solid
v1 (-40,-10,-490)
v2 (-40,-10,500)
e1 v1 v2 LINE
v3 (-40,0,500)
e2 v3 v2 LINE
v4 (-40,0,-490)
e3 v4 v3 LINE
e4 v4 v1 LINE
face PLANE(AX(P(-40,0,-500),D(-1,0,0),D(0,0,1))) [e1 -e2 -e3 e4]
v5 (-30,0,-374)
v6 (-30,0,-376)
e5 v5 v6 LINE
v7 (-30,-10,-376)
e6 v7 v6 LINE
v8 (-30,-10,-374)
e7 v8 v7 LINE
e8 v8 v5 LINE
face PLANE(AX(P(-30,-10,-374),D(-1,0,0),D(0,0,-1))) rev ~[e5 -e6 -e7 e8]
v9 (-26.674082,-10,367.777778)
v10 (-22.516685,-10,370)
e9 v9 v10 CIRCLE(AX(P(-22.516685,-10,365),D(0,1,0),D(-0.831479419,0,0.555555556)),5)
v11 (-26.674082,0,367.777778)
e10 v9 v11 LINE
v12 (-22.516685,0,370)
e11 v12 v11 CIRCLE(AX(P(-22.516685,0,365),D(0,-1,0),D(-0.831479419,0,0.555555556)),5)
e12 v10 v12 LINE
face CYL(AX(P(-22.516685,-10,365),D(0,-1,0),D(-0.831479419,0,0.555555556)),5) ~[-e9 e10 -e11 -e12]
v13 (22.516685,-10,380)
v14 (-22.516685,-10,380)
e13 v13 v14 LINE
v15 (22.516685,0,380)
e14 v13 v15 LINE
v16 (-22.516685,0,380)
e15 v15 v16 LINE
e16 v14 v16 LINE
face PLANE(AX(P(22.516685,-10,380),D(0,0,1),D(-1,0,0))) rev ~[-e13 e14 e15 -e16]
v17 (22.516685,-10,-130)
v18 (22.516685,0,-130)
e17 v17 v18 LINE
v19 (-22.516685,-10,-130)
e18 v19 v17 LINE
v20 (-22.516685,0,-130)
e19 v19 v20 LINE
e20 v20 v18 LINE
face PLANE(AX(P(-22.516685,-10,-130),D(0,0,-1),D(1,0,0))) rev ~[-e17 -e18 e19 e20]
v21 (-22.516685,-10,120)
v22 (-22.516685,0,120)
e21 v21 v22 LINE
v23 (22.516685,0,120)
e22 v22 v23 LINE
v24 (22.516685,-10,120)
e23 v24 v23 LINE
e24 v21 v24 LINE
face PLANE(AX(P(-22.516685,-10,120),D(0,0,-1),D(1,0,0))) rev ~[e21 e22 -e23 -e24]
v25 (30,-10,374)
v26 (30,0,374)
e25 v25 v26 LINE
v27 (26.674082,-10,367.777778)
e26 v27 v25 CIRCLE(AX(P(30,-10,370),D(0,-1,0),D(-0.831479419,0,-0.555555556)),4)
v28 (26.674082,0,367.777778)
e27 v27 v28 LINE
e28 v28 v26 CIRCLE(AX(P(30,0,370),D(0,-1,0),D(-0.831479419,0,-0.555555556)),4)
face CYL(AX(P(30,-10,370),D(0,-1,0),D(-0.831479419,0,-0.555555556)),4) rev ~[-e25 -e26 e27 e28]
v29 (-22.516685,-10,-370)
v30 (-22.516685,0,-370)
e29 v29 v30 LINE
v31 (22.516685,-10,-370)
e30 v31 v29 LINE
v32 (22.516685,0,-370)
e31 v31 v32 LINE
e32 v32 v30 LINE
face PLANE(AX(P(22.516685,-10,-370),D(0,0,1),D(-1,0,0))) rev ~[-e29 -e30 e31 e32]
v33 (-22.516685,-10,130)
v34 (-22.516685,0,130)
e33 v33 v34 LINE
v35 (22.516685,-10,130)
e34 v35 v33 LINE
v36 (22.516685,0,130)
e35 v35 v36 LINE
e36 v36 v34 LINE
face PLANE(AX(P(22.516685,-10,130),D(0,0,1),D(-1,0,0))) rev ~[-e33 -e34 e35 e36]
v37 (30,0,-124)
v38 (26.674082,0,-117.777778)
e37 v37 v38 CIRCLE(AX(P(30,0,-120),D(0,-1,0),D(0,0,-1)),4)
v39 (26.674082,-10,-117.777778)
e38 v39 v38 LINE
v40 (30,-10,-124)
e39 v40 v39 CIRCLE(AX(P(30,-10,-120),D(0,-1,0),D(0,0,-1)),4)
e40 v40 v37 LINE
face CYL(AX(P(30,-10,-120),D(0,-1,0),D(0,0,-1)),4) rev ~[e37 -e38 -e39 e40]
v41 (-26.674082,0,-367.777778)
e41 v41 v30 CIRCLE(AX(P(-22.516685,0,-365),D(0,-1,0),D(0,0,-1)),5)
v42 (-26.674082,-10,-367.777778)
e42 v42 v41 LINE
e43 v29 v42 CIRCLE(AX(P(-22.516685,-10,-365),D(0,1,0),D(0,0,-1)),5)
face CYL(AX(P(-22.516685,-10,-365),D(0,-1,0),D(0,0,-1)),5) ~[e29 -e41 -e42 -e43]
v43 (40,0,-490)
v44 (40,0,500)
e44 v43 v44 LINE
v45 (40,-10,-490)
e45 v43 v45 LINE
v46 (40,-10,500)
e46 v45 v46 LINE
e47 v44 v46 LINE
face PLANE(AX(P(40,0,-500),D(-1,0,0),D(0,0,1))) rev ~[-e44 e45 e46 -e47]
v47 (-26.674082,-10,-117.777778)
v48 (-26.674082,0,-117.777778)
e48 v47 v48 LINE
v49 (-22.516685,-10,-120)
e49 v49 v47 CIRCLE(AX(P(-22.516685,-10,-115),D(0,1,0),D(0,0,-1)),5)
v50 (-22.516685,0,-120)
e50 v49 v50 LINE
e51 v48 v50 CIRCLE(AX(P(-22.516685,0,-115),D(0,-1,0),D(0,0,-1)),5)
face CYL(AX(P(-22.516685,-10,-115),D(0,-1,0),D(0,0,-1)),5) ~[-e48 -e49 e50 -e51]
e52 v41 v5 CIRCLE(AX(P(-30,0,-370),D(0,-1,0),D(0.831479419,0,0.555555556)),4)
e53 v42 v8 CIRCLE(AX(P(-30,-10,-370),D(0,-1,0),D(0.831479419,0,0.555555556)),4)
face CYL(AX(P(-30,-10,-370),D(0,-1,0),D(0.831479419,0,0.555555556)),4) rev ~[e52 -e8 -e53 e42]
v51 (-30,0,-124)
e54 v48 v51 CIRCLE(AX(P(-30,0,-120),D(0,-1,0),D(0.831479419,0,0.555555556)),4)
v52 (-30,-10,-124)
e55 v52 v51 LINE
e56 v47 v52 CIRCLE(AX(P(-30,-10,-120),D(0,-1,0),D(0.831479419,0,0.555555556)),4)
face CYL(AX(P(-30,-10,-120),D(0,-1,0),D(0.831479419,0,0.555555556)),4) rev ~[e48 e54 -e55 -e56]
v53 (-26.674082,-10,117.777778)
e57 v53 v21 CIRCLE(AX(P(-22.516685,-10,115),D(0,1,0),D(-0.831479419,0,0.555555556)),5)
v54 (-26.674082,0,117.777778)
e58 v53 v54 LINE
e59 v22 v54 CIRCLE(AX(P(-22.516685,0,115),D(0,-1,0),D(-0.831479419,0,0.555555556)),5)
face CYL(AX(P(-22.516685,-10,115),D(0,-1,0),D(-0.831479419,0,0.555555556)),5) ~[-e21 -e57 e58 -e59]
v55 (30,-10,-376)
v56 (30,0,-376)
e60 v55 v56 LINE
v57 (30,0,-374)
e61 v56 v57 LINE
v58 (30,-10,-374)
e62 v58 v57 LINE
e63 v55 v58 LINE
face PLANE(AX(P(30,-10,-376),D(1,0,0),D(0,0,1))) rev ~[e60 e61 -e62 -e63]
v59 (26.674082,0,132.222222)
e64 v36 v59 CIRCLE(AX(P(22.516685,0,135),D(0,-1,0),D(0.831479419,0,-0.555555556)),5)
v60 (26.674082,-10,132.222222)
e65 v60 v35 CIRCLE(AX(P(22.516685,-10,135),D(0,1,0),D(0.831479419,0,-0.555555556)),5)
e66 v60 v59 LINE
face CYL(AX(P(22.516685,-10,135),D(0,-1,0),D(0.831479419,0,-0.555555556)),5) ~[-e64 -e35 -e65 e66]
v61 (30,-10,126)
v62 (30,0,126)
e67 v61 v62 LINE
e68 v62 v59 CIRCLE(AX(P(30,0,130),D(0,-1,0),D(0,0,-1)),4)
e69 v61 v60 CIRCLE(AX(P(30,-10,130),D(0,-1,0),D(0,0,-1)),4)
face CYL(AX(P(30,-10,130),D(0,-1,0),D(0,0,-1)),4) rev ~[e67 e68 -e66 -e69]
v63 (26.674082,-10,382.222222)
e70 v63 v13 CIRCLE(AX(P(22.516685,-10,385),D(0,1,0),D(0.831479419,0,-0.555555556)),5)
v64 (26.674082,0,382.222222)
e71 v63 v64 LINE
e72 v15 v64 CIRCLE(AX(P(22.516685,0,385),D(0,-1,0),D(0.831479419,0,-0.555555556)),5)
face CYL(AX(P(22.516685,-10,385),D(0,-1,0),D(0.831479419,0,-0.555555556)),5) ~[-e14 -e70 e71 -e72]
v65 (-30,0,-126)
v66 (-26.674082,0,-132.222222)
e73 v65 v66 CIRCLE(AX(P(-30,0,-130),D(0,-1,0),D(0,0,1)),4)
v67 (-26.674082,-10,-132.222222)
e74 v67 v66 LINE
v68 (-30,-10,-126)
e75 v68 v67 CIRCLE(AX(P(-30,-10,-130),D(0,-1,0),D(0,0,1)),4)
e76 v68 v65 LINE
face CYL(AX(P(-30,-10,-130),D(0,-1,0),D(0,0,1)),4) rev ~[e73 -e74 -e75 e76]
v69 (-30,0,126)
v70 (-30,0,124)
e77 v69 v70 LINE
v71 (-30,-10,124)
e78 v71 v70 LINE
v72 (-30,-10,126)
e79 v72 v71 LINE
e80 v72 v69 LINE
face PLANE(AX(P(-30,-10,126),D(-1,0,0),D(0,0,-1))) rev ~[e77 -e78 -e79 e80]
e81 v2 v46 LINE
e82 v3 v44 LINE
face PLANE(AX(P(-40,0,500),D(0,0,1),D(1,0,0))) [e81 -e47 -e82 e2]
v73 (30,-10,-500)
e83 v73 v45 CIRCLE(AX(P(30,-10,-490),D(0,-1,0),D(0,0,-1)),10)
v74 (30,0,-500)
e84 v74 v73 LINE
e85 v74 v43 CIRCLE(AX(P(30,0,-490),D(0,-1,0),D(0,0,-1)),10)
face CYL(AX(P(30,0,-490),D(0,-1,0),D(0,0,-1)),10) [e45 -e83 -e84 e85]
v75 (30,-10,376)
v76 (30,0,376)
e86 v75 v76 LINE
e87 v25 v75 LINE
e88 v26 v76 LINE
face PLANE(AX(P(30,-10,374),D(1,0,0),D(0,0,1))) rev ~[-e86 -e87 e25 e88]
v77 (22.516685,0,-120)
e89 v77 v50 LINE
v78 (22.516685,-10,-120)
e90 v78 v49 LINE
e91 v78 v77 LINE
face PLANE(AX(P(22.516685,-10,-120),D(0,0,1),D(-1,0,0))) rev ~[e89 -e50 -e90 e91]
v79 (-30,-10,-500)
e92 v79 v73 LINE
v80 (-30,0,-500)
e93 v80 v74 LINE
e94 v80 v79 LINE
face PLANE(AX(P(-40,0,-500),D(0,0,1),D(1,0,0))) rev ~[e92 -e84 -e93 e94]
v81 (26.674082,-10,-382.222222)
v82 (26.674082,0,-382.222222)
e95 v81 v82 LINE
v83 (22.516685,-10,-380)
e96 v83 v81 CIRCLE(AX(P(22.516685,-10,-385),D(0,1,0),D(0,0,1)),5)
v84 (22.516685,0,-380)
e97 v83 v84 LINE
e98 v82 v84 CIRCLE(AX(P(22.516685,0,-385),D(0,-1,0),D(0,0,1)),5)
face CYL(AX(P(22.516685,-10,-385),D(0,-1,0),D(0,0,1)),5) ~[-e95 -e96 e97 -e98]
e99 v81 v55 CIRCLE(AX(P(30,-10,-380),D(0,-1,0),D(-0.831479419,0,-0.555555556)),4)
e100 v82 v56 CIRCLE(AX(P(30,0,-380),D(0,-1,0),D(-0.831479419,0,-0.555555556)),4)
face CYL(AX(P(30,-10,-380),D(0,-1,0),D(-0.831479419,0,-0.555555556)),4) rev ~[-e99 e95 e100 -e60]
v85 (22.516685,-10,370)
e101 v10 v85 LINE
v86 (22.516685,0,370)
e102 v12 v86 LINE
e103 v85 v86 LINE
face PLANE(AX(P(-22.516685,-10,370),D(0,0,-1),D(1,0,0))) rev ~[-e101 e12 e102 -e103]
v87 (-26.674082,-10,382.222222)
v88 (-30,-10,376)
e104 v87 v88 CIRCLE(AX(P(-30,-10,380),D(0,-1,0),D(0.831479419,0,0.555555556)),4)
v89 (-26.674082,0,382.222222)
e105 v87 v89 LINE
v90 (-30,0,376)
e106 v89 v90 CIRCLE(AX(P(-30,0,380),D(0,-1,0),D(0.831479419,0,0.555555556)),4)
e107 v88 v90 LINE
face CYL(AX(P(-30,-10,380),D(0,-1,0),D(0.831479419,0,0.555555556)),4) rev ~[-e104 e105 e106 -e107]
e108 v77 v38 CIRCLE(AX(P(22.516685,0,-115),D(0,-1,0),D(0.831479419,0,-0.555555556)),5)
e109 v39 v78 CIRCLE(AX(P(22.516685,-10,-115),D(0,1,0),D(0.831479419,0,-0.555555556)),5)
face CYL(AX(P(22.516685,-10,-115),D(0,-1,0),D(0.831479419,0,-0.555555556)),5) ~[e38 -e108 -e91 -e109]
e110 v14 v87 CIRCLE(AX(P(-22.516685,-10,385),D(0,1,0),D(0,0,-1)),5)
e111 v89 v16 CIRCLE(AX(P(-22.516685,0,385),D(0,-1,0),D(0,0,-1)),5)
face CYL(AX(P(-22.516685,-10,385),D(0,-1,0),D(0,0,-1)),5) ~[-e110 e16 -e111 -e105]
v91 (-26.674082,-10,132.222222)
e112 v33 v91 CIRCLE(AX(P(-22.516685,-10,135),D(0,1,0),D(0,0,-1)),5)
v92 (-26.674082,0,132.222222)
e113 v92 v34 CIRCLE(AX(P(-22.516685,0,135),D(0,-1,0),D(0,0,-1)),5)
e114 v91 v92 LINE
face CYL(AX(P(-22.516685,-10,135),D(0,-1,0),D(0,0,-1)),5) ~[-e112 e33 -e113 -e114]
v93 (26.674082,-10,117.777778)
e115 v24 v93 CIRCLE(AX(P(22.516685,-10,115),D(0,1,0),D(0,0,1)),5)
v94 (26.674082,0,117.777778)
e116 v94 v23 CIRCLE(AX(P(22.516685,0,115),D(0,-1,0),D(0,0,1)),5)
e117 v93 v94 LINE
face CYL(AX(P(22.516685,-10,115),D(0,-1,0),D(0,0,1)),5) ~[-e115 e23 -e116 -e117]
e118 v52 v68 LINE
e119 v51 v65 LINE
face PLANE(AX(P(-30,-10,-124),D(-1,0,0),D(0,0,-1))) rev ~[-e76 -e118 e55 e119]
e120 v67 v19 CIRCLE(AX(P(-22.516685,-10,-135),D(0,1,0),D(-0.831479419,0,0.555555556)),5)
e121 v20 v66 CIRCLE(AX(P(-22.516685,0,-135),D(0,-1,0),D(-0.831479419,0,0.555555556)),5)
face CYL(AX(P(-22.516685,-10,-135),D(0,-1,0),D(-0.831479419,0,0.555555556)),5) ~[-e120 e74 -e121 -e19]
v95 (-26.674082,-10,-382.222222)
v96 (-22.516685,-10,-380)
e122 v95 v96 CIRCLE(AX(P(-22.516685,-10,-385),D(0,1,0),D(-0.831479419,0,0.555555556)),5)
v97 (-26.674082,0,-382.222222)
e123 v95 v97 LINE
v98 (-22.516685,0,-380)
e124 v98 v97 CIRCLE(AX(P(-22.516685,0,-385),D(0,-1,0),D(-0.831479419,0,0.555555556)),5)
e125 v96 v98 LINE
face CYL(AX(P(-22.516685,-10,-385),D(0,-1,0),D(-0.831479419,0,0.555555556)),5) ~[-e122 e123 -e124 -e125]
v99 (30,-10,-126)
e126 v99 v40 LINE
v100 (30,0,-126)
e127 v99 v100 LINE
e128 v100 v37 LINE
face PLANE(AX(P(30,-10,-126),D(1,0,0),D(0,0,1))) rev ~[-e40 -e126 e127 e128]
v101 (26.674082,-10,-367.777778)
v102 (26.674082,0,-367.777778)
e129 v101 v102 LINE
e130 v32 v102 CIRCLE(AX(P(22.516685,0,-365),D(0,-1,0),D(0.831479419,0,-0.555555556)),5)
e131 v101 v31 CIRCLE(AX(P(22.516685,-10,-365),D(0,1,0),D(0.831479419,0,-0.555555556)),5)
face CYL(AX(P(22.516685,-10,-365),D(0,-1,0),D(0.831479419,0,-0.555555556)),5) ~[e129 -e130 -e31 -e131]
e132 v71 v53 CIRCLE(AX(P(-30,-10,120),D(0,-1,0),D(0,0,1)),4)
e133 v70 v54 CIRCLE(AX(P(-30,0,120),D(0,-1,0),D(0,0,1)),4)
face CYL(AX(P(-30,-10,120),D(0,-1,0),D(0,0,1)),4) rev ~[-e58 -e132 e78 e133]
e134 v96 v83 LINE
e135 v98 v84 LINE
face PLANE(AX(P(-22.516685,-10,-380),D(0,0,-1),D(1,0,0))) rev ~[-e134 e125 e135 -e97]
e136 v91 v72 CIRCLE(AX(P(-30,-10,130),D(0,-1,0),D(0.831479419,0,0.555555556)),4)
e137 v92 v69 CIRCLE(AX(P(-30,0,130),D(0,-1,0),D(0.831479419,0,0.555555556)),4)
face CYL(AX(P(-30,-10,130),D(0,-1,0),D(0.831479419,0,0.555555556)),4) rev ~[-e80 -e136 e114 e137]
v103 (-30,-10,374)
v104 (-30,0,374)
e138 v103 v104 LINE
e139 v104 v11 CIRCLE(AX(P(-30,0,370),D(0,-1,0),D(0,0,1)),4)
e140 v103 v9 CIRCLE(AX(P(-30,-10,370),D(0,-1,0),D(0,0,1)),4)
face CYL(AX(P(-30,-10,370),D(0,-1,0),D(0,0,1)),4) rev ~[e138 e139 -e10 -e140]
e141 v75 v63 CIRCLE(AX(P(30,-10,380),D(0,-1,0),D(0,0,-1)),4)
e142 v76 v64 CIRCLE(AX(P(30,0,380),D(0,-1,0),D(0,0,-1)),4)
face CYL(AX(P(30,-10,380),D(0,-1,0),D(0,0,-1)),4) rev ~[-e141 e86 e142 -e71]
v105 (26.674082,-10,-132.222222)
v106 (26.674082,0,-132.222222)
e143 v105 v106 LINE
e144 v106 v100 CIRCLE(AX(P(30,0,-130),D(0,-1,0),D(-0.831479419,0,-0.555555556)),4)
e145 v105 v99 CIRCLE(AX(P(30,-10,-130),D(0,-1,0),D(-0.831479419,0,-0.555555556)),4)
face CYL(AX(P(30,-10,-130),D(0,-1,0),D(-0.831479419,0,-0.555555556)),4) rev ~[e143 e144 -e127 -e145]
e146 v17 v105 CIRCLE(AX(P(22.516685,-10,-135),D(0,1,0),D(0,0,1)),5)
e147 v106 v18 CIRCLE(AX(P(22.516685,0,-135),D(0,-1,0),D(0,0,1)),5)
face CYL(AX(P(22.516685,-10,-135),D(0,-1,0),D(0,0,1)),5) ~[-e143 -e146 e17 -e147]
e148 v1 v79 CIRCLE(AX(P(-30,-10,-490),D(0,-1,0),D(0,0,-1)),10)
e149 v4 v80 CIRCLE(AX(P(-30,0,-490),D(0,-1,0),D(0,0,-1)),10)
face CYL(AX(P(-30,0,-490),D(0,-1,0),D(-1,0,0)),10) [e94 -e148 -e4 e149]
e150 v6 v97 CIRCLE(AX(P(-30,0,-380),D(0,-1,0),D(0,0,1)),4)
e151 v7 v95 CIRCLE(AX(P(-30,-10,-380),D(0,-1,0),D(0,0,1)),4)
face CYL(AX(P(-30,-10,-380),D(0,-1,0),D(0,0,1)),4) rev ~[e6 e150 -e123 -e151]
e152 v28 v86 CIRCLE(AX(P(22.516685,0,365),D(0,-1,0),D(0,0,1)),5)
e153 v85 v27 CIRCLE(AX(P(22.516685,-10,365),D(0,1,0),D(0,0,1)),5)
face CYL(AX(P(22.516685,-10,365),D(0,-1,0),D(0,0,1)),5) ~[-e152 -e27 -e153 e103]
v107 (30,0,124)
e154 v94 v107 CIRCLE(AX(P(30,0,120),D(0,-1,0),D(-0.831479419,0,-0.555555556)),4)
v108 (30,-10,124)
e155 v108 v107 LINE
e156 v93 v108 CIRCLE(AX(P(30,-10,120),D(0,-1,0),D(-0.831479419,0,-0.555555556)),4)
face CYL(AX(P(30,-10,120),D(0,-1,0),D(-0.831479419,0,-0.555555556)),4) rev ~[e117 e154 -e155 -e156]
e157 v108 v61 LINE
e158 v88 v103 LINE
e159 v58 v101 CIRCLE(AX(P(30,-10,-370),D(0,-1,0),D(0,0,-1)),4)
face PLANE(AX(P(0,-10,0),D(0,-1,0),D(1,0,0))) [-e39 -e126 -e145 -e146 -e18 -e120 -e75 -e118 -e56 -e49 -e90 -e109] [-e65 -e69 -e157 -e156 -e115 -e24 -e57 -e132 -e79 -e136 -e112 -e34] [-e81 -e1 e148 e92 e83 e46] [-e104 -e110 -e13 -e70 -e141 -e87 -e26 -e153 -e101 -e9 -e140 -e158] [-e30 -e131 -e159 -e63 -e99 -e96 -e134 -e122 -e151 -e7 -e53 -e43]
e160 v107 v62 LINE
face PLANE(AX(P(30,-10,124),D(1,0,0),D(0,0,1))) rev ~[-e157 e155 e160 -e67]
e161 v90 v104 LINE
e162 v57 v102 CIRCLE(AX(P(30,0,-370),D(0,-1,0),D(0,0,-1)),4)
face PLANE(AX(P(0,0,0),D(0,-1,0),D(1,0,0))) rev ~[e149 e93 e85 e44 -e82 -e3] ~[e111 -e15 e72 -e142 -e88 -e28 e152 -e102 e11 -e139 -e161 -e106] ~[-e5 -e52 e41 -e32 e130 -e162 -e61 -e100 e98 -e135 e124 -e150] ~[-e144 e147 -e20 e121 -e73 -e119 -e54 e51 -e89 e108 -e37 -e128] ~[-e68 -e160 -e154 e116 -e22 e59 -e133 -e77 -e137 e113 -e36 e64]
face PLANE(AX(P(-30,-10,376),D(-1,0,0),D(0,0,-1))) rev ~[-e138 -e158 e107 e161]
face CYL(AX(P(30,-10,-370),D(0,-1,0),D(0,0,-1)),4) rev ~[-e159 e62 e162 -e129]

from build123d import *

# Parameters (mm, degrees)
F1_W     = 80
F1_H     = 1000
F2_DEPTH = 10
F3_R     = 10
F5_DEPTH = 10.001


with BuildPart() as f2:
    # F1 (on Front) → F2 (new body)
    with BuildSketch(Plane.XZ):
        Rectangle(F1_W, F1_H)
    extrude(amount=F2_DEPTH)

    # F3
    f3_edges = [f2.edges().sort_by_distance(p)[0] for p in [
        (40, -5, -500),
        (-40, -5, -500),
    ]]
    fillet(f3_edges, radius=F3_R)

    # F4 (on face) → F5 (cut, through all)
    with BuildSketch(Plane.XZ.offset(10)):
        with BuildLine():
            Line((-22.5166852265, -380), (22.5166852265, -380))
            ThreePointArc((22.5166852265, -380), (24.8737078304, -380.5904144816), (26.6740823229, -382.2222222222))
            ThreePointArc((26.6740823229, -382.2222222222), (33.5276684148, -381.8856180832), (30, -376))
            Line((30, -376), (30, -374))
            ThreePointArc((30, -374), (33.5276684148, -368.1143819168), (26.6740823229, -367.7777777778))
            ThreePointArc((26.6740823229, -367.7777777778), (24.8737078304, -369.4095855184), (22.5166852265, -370))
            Line((22.5166852265, -370), (-22.5166852265, -370))
            ThreePointArc((-22.5166852265, -370), (-24.8737078304, -369.4095855184), (-26.6740823229, -367.7777777778))
            ThreePointArc((-26.6740823229, -367.7777777778), (-33.5276684148, -368.1143819168), (-30, -374))
            Line((-30, -374), (-30, -376))
            ThreePointArc((-30, -376), (-33.5276684148, -381.8856180832), (-26.6740823229, -382.2222222222))
            ThreePointArc((-26.6740823229, -382.2222222222), (-24.8737078304, -380.5904144816), (-22.5166852265, -380))
        make_face()
        with BuildLine():
            Line((30, -126), (30, -124))
            ThreePointArc((30, -124), (33.5276684148, -118.1143819168), (26.6740823229, -117.7777777778))
            ThreePointArc((26.6740823229, -117.7777777778), (24.8737078304, -119.4095855184), (22.5166852265, -120))
            Line((22.5166852265, -120), (-22.5166852265, -120))
            ThreePointArc((-22.5166852265, -120), (-24.8737078304, -119.4095855184), (-26.6740823229, -117.7777777778))
            ThreePointArc((-26.6740823229, -117.7777777778), (-33.5276684148, -118.1143819168), (-30, -124))
            Line((-30, -124), (-30, -126))
            ThreePointArc((-30, -126), (-33.5276684148, -131.8856180832), (-26.6740823229, -132.2222222222))
            ThreePointArc((-26.6740823229, -132.2222222222), (-24.8737078304, -130.5904144816), (-22.5166852265, -130))
            Line((-22.5166852265, -130), (22.5166852265, -130))
            ThreePointArc((22.5166852265, -130), (24.8737078304, -130.5904144816), (26.6740823229, -132.2222222222))
            ThreePointArc((26.6740823229, -132.2222222222), (33.5276684148, -131.8856180832), (30, -126))
        make_face()
        with BuildLine():
            Line((30, 124), (30, 126))
            ThreePointArc((30, 126), (33.5276684148, 131.8856180832), (26.6740823229, 132.2222222222))
            ThreePointArc((26.6740823229, 132.2222222222), (24.8737078304, 130.5904144816), (22.5166852265, 130))
            Line((22.5166852265, 130), (-22.5166852265, 130))
            ThreePointArc((-22.5166852265, 130), (-24.8737078304, 130.5904144816), (-26.6740823229, 132.2222222222))
            ThreePointArc((-26.6740823229, 132.2222222222), (-33.5276684148, 131.8856180832), (-30, 126))
            Line((-30, 126), (-30, 124))
            ThreePointArc((-30, 124), (-33.5276684148, 118.1143819168), (-26.6740823229, 117.7777777778))
            ThreePointArc((-26.6740823229, 117.7777777778), (-24.8737078304, 119.4095855184), (-22.5166852265, 120))
            Line((-22.5166852265, 120), (22.5166852265, 120))
            ThreePointArc((22.5166852265, 120), (24.8737078304, 119.4095855184), (26.6740823229, 117.7777777778))
            ThreePointArc((26.6740823229, 117.7777777778), (33.5276684148, 118.1143819168), (30, 124))
        make_face()
        with BuildLine():
            Line((30, 374), (30, 376))
            ThreePointArc((30, 376), (33.5276684148, 381.8856180832), (26.6740823229, 382.2222222222))
            ThreePointArc((26.6740823229, 382.2222222222), (24.8737078304, 380.5904144816), (22.5166852265, 380))
            Line((22.5166852265, 380), (-22.5166852265, 380))
            ThreePointArc((-22.5166852265, 380), (-24.8737078304, 380.5904144816), (-26.6740823229, 382.2222222222))
            ThreePointArc((-26.6740823229, 382.2222222222), (-33.5276684148, 381.8856180832), (-30, 376))
            Line((-30, 376), (-30, 374))
            ThreePointArc((-30, 374), (-33.5276684148, 368.1143819168), (-26.6740823229, 367.7777777778))
            ThreePointArc((-26.6740823229, 367.7777777778), (-24.8737078304, 369.4095855184), (-22.5166852265, 370))
            Line((-22.5166852265, 370), (22.5166852265, 370))
            ThreePointArc((22.5166852265, 370), (24.8737078304, 369.4095855184), (26.6740823229, 367.7777777778))
            ThreePointArc((26.6740823229, 367.7777777778), (33.5276684148, 368.1143819168), (30, 374))
        make_face()
    extrude(amount=-F5_DEPTH, mode=Mode.SUBTRACT)


solid = f2.part
